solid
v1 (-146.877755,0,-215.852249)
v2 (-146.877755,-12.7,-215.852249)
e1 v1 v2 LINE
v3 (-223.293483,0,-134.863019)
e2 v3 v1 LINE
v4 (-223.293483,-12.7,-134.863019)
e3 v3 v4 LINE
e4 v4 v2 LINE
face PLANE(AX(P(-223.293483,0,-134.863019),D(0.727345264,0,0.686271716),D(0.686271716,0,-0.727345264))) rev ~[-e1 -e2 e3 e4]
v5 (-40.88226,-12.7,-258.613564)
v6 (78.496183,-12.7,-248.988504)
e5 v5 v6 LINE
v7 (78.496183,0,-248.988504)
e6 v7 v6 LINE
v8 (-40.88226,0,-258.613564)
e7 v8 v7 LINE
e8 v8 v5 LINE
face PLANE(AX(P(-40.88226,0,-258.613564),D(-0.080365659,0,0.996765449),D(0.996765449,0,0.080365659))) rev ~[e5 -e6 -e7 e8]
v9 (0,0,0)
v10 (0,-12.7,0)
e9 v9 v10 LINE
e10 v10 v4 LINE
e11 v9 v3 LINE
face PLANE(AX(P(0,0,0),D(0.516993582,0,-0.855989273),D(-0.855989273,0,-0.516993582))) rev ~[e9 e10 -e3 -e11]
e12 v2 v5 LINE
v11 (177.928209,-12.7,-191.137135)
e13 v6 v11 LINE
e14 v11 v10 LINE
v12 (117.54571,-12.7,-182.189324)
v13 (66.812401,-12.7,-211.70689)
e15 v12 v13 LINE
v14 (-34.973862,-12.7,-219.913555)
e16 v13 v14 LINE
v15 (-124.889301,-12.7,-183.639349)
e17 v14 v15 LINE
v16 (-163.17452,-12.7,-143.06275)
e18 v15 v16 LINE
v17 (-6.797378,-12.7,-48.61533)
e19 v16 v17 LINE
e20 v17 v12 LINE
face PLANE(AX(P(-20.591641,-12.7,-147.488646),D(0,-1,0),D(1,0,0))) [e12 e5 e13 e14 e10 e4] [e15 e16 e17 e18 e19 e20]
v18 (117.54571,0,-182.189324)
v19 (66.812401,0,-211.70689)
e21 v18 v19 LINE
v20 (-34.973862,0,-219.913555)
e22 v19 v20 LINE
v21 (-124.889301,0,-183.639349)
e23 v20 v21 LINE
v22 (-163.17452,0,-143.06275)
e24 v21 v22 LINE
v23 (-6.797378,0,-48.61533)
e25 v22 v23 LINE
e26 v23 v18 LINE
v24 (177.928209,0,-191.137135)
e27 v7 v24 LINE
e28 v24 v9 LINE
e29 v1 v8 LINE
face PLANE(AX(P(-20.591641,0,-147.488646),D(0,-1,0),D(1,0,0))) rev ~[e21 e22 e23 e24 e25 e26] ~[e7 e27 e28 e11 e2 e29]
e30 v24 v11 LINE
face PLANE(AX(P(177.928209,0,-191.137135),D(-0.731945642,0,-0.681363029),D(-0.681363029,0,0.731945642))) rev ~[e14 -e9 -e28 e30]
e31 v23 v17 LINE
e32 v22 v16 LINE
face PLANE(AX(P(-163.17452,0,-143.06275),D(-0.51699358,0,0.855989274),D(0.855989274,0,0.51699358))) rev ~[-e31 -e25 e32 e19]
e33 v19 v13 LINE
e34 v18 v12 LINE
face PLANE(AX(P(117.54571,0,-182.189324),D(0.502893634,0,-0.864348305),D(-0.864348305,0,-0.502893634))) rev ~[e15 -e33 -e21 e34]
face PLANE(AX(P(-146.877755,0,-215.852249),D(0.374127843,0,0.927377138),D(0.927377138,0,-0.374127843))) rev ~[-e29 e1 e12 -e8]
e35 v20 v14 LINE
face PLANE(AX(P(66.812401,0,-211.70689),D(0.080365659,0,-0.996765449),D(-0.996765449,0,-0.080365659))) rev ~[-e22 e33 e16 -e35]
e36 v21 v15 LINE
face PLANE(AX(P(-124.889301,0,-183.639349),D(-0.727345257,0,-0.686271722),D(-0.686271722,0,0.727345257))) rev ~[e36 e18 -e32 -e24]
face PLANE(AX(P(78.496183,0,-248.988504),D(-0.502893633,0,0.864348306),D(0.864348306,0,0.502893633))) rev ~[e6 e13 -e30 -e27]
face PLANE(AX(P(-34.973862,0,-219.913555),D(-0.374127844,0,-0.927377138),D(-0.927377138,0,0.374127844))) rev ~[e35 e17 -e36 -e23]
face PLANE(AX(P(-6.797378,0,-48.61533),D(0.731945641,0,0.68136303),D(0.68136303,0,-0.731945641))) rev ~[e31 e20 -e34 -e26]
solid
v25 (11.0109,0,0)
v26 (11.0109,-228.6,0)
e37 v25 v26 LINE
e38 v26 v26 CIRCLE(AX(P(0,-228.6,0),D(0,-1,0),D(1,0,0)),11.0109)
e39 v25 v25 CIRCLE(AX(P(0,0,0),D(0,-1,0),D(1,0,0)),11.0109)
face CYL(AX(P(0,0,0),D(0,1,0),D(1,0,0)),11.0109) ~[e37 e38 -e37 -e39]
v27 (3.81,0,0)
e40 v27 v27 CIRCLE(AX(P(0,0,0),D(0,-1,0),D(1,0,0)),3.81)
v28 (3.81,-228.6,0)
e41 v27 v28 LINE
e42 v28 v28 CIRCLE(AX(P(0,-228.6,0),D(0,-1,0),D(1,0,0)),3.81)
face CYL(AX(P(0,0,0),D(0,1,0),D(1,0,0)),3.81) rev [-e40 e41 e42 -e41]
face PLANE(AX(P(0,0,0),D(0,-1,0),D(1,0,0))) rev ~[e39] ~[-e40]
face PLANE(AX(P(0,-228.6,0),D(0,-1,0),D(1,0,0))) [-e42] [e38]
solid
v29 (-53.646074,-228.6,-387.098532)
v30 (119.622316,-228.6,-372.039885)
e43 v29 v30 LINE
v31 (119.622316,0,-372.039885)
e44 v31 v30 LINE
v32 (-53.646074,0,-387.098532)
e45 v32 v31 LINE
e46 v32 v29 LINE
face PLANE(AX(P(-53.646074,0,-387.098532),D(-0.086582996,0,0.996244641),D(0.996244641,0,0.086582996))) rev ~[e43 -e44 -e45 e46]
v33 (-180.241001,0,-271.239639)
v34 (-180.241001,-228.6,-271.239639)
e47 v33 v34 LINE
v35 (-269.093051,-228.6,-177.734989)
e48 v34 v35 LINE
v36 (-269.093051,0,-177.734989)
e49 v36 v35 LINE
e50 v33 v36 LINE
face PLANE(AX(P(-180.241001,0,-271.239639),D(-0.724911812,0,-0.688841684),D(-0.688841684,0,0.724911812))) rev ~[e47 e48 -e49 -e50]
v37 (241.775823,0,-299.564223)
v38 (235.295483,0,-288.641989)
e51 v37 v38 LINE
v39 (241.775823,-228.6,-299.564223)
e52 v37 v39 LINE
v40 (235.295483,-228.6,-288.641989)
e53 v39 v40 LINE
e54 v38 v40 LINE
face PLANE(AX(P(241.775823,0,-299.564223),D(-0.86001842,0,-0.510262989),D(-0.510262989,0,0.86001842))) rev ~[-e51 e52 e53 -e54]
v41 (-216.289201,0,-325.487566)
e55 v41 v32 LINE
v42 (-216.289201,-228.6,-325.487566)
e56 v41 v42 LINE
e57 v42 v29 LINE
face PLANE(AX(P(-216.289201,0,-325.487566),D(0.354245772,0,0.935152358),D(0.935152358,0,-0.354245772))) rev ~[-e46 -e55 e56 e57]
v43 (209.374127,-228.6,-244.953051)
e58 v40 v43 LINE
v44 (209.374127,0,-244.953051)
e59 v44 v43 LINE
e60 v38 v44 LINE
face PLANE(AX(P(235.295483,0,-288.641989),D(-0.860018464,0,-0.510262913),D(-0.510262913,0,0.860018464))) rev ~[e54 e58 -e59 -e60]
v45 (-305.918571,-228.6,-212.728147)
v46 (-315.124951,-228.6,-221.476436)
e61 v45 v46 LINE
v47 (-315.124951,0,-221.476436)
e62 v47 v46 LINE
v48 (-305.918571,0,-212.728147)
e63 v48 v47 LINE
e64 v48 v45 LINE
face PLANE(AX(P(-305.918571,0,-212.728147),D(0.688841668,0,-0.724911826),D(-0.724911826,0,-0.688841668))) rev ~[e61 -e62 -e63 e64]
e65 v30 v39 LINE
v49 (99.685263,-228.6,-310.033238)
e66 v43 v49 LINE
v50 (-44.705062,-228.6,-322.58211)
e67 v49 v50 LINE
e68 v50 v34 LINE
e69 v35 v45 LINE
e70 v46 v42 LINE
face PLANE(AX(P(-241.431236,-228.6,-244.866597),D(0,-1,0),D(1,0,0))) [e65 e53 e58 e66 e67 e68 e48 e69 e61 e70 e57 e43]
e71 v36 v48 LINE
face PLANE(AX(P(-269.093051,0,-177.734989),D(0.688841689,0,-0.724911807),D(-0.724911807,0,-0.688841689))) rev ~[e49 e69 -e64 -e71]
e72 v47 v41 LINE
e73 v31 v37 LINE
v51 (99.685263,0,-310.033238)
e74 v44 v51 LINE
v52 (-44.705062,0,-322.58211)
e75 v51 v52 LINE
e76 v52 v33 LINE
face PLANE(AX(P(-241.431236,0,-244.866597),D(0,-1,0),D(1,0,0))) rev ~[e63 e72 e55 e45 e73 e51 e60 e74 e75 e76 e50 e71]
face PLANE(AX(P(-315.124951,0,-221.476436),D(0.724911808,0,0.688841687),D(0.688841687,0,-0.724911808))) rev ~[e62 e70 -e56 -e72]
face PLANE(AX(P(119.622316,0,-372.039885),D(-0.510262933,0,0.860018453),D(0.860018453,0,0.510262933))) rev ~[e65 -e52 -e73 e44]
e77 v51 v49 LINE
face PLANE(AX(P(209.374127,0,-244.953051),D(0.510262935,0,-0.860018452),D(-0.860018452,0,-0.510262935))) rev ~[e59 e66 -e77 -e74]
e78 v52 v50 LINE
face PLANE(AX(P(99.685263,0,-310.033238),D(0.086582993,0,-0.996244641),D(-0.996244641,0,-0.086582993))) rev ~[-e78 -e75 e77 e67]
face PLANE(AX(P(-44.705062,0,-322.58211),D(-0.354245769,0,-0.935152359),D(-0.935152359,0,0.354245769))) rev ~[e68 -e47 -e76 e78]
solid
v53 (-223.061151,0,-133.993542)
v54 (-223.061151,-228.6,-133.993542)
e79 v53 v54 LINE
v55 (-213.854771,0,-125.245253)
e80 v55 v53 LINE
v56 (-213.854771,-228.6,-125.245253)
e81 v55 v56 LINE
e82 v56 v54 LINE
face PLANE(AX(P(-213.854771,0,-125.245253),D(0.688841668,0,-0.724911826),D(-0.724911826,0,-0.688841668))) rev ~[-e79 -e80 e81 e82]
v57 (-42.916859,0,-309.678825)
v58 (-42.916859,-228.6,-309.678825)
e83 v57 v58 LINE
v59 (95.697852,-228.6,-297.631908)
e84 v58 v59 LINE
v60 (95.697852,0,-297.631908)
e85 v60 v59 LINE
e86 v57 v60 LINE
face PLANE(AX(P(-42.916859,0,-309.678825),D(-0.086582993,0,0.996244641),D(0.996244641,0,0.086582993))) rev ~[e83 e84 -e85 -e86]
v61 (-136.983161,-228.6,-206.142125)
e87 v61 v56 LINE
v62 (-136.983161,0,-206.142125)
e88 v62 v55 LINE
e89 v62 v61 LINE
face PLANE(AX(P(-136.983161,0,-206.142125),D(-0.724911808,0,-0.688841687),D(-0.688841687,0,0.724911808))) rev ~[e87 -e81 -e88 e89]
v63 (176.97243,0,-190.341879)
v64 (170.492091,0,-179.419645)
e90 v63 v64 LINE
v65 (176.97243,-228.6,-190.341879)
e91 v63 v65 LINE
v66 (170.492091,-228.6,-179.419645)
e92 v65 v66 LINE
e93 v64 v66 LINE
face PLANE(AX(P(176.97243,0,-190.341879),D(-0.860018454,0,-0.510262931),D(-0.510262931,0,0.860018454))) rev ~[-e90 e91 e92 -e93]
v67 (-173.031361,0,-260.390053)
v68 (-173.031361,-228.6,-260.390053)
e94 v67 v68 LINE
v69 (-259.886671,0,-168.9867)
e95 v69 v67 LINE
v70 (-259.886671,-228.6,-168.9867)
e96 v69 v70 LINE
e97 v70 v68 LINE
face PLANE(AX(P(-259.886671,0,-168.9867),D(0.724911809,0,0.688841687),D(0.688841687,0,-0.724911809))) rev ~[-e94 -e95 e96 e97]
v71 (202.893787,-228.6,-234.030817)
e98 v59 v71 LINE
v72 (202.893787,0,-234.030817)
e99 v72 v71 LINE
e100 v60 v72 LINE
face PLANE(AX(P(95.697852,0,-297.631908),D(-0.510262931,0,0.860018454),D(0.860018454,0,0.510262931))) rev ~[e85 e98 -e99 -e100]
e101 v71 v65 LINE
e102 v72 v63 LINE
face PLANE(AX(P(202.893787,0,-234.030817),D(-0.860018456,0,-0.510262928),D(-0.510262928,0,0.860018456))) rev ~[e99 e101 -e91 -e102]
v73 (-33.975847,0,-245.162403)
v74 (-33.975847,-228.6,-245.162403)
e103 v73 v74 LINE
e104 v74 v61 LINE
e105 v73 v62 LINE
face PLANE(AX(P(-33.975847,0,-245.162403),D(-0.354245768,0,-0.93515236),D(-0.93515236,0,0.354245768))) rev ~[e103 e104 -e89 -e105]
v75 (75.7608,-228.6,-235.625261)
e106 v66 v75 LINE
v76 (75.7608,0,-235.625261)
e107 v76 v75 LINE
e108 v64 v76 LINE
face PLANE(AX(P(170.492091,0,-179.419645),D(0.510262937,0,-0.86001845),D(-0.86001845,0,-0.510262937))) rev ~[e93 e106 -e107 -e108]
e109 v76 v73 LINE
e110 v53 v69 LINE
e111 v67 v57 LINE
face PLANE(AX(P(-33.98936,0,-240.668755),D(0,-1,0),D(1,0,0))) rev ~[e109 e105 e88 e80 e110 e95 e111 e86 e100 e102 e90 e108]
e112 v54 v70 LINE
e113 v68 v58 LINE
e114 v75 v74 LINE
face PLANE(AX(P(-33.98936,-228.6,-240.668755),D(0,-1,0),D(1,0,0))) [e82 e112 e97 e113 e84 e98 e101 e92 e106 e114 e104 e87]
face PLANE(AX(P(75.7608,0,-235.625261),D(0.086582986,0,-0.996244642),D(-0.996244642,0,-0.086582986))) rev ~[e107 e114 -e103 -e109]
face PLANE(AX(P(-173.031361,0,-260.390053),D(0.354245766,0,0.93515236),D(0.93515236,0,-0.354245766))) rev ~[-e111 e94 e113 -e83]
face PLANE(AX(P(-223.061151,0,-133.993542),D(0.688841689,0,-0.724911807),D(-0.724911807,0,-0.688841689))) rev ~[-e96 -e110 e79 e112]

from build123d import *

# Parameters (mm, degrees)
F0_R     = 11.0109
F0_R_2   = 3.81
F2_DEPTH = 228.6
F3_DEPTH = 228.6
F5_DEPTH = 12.7


with BuildPart() as f2:
    # F0 (on Front) → F2 (new body)
    with BuildSketch(Plane.XZ):
        Circle(F0_R)
        Circle(F0_R_2, mode=Mode.SUBTRACT)
        Polygon((202.893787, -234.030817), (176.97243, -190.341879), (79.74821, -248.02659), (-35.764049, -258.065688), (-144.192801, -216.991711), (-223.061151, -133.993542), (-259.886671, -168.9867), (-173.031361, -260.390053), (-42.916859, -309.678825), (95.697852, -297.631908), align=None)
        Polygon((176.97243, -190.341879), (170.492091, -179.419645), (75.7608, -235.625261), (-33.975847, -245.162403), (-136.983161, -206.142125), (-213.854771, -125.245253), (-223.061151, -133.993542), (-144.192801, -216.991711), (-35.764049, -258.065688), (79.74821, -248.02659), align=None)
    extrude(amount=F2_DEPTH)


with BuildPart() as f3:
    # F1 (on Front) → F3 (new body)
    with BuildSketch(Plane.XZ):
        Polygon((-209.079561, -314.637981), (-180.241001, -271.239639), (-269.093051, -177.734989), (-305.918571, -212.728147), align=None)
        Polygon((-44.705062, -322.58211), (-180.241001, -271.239639), (-209.079561, -314.637981), (-51.857872, -374.195247), align=None)
        Polygon((99.685263, -310.033238), (-44.705062, -322.58211), (-51.857872, -374.195247), (115.634905, -359.638556), align=None)
        Polygon((-51.857872, -374.195247), (-209.079561, -314.637981), (-305.918571, -212.728147), (-315.124951, -221.476436), (-216.289201, -325.487566), (-53.646074, -387.098532), (119.622316, -372.039885), (241.775823, -299.564223), (235.295483, -288.641989), (115.634905, -359.638556), align=None)
        Polygon((209.374127, -244.953051), (99.685263, -310.033238), (115.634905, -359.638556), (235.295483, -288.641989), align=None)
    extrude(amount=F3_DEPTH)


with BuildPart() as f5:
    # F4 (on Front) → F5 (new body)
    with BuildSketch(Plane.XZ):
        Polygon((177.928209, -191.137135), (0, 0), (-223.293483, -134.863019), (-146.877755, -215.852249), (-40.88226, -258.613564), (78.496183, -248.988504), align=None)
        Polygon((-6.797378, -48.61533), (117.54571, -182.189324), (66.812401, -211.70689), (-34.973862, -219.913555), (-124.889301, -183.639349), (-163.17452, -143.06275), align=None, mode=Mode.SUBTRACT)
    extrude(amount=F5_DEPTH)


solid = Compound([f2.part, f3.part, f5.part])
